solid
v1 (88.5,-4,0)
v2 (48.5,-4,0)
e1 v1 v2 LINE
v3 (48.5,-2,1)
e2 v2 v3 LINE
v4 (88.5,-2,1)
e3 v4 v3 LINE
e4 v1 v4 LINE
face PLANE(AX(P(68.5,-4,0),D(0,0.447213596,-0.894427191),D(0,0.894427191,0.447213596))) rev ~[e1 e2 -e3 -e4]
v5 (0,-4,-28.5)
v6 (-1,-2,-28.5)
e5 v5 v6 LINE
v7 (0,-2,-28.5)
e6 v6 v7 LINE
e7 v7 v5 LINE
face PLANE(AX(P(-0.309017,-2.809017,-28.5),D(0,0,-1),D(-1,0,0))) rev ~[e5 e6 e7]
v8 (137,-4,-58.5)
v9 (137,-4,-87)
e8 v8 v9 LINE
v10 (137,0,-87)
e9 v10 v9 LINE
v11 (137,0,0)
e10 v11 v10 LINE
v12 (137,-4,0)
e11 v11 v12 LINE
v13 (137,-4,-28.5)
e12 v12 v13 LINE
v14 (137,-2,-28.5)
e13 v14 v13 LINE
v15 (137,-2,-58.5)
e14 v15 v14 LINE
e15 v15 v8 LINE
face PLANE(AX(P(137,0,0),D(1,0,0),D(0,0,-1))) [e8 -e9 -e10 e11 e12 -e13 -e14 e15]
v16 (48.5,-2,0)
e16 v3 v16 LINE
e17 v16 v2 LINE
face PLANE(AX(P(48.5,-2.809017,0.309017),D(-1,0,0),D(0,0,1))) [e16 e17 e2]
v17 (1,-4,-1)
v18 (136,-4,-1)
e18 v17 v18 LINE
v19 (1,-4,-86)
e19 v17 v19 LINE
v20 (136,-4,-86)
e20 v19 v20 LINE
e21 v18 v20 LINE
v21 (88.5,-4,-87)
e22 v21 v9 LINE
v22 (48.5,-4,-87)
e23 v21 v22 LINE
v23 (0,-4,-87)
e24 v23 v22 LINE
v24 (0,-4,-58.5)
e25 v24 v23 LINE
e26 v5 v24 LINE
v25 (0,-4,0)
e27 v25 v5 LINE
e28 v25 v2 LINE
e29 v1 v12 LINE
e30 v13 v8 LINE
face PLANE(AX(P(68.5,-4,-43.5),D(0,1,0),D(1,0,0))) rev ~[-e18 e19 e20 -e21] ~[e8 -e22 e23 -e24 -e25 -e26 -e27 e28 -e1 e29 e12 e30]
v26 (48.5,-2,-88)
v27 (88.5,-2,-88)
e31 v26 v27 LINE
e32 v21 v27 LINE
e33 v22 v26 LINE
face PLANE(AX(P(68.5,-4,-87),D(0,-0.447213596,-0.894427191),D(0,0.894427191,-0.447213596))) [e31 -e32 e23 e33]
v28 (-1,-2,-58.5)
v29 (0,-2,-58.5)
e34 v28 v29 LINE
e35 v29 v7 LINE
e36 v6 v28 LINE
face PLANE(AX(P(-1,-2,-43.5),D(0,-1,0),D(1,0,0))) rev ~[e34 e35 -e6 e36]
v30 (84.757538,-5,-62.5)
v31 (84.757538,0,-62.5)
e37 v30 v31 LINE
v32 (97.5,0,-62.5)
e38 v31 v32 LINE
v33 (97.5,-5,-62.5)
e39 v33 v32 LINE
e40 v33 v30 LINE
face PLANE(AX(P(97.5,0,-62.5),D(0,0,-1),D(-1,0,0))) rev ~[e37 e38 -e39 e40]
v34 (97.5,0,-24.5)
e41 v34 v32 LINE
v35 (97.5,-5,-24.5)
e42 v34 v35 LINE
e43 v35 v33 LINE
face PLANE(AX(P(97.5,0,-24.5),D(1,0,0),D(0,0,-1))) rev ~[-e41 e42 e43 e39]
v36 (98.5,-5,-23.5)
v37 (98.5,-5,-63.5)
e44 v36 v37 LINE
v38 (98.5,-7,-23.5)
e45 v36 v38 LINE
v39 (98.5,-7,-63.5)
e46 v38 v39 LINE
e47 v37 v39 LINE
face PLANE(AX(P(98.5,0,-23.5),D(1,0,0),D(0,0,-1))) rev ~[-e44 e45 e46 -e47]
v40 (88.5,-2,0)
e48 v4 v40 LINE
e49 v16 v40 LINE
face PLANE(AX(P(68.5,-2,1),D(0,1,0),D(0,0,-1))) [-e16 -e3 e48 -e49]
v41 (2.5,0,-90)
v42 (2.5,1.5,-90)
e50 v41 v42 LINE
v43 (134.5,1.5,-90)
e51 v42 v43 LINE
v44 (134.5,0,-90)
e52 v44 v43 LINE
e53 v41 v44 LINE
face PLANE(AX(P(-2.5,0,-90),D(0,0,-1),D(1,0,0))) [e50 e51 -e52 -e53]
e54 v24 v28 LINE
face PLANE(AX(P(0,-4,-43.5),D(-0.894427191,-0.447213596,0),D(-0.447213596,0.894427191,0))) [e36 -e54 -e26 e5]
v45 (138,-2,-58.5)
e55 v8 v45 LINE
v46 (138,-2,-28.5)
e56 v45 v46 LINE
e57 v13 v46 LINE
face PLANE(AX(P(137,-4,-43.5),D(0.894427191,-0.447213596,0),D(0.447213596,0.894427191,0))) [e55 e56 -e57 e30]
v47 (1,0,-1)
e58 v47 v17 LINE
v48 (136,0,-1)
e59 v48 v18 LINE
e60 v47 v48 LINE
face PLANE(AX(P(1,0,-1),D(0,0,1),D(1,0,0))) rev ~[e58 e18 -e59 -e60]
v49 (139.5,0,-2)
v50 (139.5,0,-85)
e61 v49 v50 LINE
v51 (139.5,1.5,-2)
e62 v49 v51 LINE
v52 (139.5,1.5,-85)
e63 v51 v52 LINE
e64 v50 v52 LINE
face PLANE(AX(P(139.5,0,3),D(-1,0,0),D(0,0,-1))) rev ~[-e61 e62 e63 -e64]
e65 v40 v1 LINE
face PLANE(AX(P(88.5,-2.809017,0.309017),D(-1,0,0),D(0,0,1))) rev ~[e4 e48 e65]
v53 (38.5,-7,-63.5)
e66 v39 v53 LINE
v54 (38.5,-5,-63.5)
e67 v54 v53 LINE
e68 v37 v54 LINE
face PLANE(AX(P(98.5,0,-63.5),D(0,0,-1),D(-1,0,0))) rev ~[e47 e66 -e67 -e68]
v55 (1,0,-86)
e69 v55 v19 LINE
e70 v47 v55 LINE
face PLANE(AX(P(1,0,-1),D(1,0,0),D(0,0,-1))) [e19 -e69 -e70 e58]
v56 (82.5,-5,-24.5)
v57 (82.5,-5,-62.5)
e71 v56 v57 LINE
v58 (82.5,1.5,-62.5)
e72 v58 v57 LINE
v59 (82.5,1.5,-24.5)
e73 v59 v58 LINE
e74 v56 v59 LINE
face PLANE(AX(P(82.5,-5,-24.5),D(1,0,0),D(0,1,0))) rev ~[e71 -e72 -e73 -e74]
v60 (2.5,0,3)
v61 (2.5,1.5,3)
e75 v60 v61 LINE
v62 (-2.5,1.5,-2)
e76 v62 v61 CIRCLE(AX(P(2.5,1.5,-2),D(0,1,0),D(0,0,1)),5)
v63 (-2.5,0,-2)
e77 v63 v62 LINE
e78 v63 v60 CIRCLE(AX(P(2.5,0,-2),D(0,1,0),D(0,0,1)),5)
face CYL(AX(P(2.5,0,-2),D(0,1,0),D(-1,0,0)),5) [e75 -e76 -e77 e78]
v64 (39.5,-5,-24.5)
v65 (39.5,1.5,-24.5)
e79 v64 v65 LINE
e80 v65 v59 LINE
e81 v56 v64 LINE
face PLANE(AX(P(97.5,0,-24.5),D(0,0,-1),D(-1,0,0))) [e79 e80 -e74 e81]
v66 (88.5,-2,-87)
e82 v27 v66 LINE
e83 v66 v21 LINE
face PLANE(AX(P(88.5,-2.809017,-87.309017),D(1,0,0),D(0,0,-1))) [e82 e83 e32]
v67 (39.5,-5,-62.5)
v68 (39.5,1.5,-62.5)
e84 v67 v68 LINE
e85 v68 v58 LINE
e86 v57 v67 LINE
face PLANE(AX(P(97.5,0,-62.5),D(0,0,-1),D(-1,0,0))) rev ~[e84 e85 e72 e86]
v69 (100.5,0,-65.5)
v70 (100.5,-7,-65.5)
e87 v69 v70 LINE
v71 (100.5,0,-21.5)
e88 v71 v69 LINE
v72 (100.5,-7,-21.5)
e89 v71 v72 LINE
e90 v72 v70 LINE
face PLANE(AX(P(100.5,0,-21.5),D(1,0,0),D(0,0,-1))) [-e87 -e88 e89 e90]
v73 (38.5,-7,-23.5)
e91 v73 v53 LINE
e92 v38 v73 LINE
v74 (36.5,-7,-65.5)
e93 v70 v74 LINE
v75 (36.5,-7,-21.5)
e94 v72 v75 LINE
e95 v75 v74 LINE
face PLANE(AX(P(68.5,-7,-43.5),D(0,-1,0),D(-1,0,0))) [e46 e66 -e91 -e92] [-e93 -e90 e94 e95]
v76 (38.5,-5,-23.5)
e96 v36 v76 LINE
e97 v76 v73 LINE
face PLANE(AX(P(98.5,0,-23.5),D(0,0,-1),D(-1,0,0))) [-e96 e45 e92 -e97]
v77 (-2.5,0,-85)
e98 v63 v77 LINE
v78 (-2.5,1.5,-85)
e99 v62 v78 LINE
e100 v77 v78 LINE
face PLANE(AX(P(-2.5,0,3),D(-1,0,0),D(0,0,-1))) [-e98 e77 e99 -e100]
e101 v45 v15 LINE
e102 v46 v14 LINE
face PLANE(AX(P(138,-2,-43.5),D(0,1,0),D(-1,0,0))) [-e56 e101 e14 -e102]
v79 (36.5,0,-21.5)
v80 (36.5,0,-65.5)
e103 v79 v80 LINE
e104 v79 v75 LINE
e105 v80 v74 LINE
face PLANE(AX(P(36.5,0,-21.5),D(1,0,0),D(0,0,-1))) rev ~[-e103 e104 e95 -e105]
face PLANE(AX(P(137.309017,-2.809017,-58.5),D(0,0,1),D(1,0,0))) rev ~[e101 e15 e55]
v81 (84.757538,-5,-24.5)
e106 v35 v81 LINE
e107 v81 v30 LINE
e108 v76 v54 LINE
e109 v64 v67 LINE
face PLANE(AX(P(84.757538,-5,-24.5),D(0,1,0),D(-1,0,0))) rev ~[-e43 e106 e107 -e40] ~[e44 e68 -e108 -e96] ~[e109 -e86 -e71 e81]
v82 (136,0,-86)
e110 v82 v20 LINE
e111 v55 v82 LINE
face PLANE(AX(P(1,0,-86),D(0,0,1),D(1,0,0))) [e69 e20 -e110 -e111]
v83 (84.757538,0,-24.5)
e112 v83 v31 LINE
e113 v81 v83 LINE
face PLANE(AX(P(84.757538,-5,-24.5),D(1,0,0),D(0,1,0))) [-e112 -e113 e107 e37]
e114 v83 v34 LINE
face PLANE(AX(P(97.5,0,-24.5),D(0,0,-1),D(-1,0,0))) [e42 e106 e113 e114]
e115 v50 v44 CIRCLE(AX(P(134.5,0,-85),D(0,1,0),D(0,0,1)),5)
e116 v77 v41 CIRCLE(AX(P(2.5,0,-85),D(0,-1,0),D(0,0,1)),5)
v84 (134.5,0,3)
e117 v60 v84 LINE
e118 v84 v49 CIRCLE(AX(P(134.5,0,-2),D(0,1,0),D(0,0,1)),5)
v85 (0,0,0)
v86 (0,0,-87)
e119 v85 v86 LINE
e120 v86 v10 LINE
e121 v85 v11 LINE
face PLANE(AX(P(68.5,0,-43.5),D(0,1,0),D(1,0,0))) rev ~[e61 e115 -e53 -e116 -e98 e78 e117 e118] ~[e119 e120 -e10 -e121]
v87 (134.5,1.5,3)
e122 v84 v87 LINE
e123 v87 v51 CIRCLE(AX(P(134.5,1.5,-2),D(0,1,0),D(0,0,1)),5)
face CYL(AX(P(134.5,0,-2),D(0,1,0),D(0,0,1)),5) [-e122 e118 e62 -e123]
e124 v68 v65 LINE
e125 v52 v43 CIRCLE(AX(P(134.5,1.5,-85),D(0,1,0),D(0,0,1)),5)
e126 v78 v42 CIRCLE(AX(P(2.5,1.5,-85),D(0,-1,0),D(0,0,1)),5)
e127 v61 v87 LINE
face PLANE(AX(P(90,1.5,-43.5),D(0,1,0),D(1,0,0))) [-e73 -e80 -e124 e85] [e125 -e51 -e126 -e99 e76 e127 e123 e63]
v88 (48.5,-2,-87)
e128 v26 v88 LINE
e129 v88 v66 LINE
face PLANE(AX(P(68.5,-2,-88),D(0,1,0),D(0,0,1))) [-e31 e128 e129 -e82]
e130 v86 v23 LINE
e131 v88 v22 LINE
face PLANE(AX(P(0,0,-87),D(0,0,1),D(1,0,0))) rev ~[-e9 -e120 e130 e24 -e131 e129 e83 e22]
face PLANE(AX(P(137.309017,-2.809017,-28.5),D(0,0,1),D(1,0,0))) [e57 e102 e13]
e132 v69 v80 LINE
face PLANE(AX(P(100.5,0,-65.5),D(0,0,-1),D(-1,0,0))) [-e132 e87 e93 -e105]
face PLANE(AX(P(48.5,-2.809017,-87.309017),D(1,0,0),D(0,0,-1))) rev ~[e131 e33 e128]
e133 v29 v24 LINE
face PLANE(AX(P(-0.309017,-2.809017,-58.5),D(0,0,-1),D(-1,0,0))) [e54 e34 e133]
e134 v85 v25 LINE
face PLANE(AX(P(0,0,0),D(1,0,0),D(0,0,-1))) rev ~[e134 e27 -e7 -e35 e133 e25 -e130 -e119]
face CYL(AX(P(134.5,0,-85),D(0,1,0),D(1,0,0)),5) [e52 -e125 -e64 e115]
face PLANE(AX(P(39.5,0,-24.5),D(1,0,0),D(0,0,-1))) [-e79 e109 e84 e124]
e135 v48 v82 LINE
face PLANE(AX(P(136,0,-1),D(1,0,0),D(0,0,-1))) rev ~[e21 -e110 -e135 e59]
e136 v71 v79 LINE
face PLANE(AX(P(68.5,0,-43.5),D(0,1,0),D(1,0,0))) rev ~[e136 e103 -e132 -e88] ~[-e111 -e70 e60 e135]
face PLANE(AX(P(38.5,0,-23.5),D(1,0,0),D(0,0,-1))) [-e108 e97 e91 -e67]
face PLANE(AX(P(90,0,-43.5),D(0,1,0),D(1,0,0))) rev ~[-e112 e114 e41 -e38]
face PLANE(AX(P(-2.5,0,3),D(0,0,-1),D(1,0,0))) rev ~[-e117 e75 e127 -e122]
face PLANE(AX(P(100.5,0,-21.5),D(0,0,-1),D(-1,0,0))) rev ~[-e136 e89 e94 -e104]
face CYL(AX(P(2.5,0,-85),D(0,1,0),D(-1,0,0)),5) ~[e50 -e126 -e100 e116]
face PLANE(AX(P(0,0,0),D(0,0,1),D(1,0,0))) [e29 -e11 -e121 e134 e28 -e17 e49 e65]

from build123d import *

# Parameters (mm, degrees)
SKETCH1_W                = 142
SKETCH1_H                = 93
BOSS_EXTRUDE1_DEPTH      = 1.5
SKETCH3_W                = 137
SKETCH3_H                = 87
SKETCH3_W_2              = 135
SKETCH3_H_2              = 85
EXTRUDE_THIN1_DEPTH      = 4
FILLET1_R                = 5
BOSS_EXTRUDE2_DEPTH      = 20
BOSS_EXTRUDE2_DEPTH_BACK = 20
BOSS_EXTRUDE3_DEPTH      = 15
BOSS_EXTRUDE3_DEPTH_BACK = 15
SKETCH6_W                = 58
SKETCH6_H                = 38
CUT_EXTRUDE2_DEPTH       = 10
SKETCH6_5_W              = 60
SKETCH6_5_H              = 40
SKETCH6_5_W_2            = 58
SKETCH6_5_H_2            = 38
BOSS_EXTRUDE4_DEPTH      = 5
SKETCH6_6_W              = 64
SKETCH6_6_H              = 44
SKETCH6_6_W_2            = 60
SKETCH6_6_H_2            = 40
BOSS_EXTRUDE5_DEPTH      = 7
SKETCH7_W                = 15
SKETCH7_H                = 38
BOSS_EXTRUDE6_DEPTH      = 1.5
BOSS_EXTRUDE7_REACH      = 67.5
SKETCH8_W                = 2.25753837
SKETCH8_H                = 5


with BuildPart() as part:
    # Sketch1 → Boss-Extrude1 (new body)
    with BuildSketch(Plane(origin=(0, 0, 0), x_dir=(1, 0, 0), z_dir=(0, 1, 0))):
        with Locations((68.5, 43.5)):
            Rectangle(SKETCH1_W, SKETCH1_H)
    extrude(amount=BOSS_EXTRUDE1_DEPTH)

    # Fillet1
    fillet1_edges = [part.edges().sort_by_distance(p)[0] for p in [
        (-2.5, 0.75, -90),
        (139.5, 0.75, -90),
        (139.5, 0.75, 3),
        (-2.5, 0.75, 3),
    ]]
    fillet(fillet1_edges, radius=FILLET1_R)

    # Sketch6 → Cut-Extrude2 (cut)
    with BuildSketch(Plane(origin=(0, 0, 0), x_dir=(-1, 0, 0), z_dir=(0, -1, 0))):
        with Locations((-68.5, 43.5)):
            Rectangle(SKETCH6_W, SKETCH6_H)
    extrude(amount=-CUT_EXTRUDE2_DEPTH, mode=Mode.SUBTRACT)


with BuildPart() as body_2:
    # Sketch3 → Extrude-Thin1 (new body)
    with BuildSketch(Plane(origin=(0, 0, 0), x_dir=(1, 0, 0), z_dir=(0, 1, 0))):
        with Locations((68.5, 43.5)):
            Rectangle(SKETCH3_W, SKETCH3_H)
        with Locations((68.5, 43.5)):
            Rectangle(SKETCH3_W_2, SKETCH3_H_2, mode=Mode.SUBTRACT)
    extrude(amount=-EXTRUDE_THIN1_DEPTH)

    # Sketch4 → Boss-Extrude2 (add, two sides)
    with BuildSketch(Plane(origin=(68.5, 0, 0), x_dir=(0, 0, -1), z_dir=(1, 0, 0))) as boss_extrude2_sk:
        Polygon((87, -2), (87, -4), (88, -2), align=None)
        Polygon((-1, -2), (0, -2), (0, -4), align=None)
    extrude(amount=BOSS_EXTRUDE2_DEPTH)
    extrude(boss_extrude2_sk.sketch, amount=-BOSS_EXTRUDE2_DEPTH_BACK)

    # Sketch5 → Boss-Extrude3 (add, two sides)
    with BuildSketch(Plane.XY.offset(-43.5)) as boss_extrude3_sk:
        Polygon((137, -2), (137, -4), (138, -2), align=None)
        Polygon((-1, -2), (0, -2), (0, -4), align=None)
    extrude(amount=BOSS_EXTRUDE3_DEPTH)
    extrude(boss_extrude3_sk.sketch, amount=-BOSS_EXTRUDE3_DEPTH_BACK)


    add(part.part)  # Boss-Extrude4 merges part
    # Sketch6_5 → Boss-Extrude4 (add)
    with BuildSketch(Plane(origin=(0, 0, 0), x_dir=(-1, 0, 0), z_dir=(0, -1, 0))):
        with Locations((-68.5, 43.5)):
            Rectangle(SKETCH6_5_W, SKETCH6_5_H)
        with Locations((-68.5, 43.5)):
            Rectangle(SKETCH6_5_W_2, SKETCH6_5_H_2, mode=Mode.SUBTRACT)
    extrude(amount=BOSS_EXTRUDE4_DEPTH)

    # Sketch6_6 → Boss-Extrude5 (add)
    with BuildSketch(Plane(origin=(0, 0, 0), x_dir=(-1, 0, 0), z_dir=(0, -1, 0))):
        with Locations((-68.5, 43.5)):
            Rectangle(SKETCH6_6_W, SKETCH6_6_H)
        with Locations((-68.5, 43.5)):
            Rectangle(SKETCH6_6_W_2, SKETCH6_6_H_2, mode=Mode.SUBTRACT)
    extrude(amount=BOSS_EXTRUDE5_DEPTH)

    # Sketch7 → Boss-Extrude6 (add)
    with BuildSketch(Plane(origin=(0, 1.5, 0), x_dir=(1, 0, 0), z_dir=(0, 1, 0))):
        with Locations((90, 43.5)):
            Rectangle(SKETCH7_W, SKETCH7_H)
    extrude(amount=-BOSS_EXTRUDE6_DEPTH)

    # Sketch8 → Boss-Extrude7 (add, up to next)
    with BuildSketch(Plane(origin=(0, 0, -24.5), x_dir=(-1, 0, 0), z_dir=(0, 0, -1)), mode=Mode.PRIVATE) as boss_extrude7_sk1:
        with Locations((-83.628769185, -2.5)):
            Rectangle(SKETCH8_W, SKETCH8_H)
    boss_extrude7_tool1 = extrude(boss_extrude7_sk1.sketch, amount=BOSS_EXTRUDE7_REACH, mode=Mode.PRIVATE) - body_2.part
    add(boss_extrude7_tool1.solids().sort_by_distance((83.628769, -2.5, -24.5))[0])


solid = body_2.part
